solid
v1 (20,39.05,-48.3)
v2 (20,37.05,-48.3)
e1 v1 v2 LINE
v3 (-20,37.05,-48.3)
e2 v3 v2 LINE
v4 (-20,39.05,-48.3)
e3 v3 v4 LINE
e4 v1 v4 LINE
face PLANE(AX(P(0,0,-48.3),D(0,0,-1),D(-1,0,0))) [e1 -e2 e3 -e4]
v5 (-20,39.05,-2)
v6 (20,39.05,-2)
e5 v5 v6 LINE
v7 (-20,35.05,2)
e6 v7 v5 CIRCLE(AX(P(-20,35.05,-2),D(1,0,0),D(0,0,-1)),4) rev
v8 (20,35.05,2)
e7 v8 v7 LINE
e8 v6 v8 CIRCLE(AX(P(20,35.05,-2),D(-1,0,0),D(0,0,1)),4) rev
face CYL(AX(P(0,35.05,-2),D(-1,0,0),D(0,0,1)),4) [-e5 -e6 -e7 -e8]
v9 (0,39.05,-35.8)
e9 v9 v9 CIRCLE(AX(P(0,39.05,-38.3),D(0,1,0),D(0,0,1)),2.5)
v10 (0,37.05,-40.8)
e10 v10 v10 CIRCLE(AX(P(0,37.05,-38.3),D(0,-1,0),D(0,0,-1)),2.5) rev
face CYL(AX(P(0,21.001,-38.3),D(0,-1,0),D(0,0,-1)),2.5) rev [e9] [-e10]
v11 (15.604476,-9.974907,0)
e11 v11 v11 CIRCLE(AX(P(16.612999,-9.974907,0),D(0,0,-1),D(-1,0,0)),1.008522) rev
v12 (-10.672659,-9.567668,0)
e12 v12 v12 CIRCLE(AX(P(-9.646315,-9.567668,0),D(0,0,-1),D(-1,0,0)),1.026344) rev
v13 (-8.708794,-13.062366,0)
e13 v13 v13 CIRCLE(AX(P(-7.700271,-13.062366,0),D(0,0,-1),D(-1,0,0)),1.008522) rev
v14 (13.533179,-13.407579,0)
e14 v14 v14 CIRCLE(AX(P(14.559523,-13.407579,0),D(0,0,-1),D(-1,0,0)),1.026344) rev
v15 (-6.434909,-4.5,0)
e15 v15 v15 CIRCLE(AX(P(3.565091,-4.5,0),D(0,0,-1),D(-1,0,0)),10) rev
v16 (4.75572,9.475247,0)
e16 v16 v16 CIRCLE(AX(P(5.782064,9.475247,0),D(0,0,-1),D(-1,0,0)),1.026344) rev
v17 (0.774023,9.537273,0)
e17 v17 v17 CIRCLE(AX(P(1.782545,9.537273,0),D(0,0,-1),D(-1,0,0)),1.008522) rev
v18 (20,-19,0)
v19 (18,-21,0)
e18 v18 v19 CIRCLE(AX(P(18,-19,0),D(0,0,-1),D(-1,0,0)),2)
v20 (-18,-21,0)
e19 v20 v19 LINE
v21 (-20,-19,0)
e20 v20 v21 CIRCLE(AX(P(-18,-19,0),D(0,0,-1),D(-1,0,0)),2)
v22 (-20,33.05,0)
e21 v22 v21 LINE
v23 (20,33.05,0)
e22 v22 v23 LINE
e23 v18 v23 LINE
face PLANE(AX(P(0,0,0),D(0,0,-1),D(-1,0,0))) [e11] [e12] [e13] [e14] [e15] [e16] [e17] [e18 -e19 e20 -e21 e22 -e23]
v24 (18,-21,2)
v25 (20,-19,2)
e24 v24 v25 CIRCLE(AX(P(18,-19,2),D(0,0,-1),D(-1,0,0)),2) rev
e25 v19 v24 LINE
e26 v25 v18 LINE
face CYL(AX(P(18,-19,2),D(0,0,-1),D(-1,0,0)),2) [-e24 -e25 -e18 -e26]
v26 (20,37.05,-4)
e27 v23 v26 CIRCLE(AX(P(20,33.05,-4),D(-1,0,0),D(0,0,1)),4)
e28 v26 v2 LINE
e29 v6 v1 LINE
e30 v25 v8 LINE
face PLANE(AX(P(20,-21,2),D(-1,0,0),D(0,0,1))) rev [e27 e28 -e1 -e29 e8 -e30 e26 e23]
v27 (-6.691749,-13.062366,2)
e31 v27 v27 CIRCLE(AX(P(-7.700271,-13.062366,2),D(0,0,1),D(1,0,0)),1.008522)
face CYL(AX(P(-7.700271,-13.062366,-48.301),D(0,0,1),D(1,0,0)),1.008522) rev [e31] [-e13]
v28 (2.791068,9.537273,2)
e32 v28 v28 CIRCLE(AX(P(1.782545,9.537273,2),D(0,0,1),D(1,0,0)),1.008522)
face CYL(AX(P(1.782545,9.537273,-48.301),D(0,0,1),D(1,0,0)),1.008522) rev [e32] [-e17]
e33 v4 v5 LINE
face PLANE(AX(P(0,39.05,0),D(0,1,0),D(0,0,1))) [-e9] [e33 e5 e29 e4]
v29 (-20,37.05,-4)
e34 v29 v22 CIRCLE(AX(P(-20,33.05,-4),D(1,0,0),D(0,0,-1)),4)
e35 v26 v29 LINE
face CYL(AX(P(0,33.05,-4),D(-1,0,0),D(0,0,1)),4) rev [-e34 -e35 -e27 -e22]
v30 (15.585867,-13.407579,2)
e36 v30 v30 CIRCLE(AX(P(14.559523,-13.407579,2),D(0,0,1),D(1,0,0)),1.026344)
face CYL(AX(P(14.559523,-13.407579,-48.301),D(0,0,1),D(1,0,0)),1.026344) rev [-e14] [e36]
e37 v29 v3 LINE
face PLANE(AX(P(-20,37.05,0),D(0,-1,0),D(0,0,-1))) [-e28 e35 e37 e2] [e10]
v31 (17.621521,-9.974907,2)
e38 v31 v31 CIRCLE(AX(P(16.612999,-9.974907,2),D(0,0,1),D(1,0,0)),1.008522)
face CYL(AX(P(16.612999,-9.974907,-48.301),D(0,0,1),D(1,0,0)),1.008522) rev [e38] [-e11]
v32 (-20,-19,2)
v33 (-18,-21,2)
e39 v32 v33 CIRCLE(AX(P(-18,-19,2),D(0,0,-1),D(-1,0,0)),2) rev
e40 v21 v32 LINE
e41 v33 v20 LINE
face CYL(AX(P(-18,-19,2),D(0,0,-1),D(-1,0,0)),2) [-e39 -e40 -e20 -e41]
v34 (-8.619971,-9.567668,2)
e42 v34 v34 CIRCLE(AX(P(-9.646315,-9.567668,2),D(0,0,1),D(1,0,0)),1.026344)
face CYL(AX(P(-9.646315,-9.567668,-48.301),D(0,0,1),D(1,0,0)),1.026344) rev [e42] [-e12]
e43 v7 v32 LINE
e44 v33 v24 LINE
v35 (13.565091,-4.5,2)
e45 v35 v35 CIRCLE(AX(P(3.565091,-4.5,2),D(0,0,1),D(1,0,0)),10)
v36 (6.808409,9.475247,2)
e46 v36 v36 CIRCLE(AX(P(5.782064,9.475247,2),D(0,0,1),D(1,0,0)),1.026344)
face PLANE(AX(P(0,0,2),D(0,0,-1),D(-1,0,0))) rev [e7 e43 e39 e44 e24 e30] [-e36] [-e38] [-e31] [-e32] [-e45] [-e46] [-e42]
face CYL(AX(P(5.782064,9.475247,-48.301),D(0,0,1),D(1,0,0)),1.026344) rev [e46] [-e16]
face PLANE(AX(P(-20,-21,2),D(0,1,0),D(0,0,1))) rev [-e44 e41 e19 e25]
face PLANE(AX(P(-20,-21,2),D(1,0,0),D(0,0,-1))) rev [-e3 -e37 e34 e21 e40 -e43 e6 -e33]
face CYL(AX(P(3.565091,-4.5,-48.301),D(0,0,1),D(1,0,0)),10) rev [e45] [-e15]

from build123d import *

# Parameters (mm, degrees)
SKETCH1_W           = 40
SKETCH1_H           = 42
BOSS_EXTRUDE1_DEPTH = 2
SKETCH3_W           = 40
SKETCH3_H           = 2
BOSS_EXTRUDE2_DEPTH = 48.3
FILLET1_R           = 2
FILLET2_R           = 2
CUT_EXTRUDE5_REACH  = 52.3
SKETCH7_R           = 1.008522139
SKETCH7_R_2         = 1.026344308
SKETCH7_R_3         = 1.008522138
SKETCH7_R_4         = 10
CUT_EXTRUDE6_REACH  = 4
SKETCH4_R           = 2.5
SKETCH8_W           = 40
SKETCH8_H           = 50.3
SKETCH8_R           = 2.5
BOSS_EXTRUDE3_DEPTH = 18.05
SKETCH10_W          = 40
SKETCH10_H          = 6.748630519
BOSS_EXTRUDE5_DEPTH = 17.05
SKETCH11_W          = 40
SKETCH11_H          = 46.3
CUT_EXTRUDE7_DEPTH  = 18.05
SKETCH12_W          = 40
SKETCH12_H          = 2
CUT_EXTRUDE8_DEPTH  = 22.05
SKETCH13_W          = 2
SKETCH13_H          = 2
BOSS_EXTRUDE6_DEPTH = 40
FILLET3_R           = 4
FILLET4_R           = 4


with BuildPart() as part:
    # Sketch1 → Boss-Extrude1 (new body)
    with BuildSketch(Plane.XY):
        Rectangle(SKETCH1_W, SKETCH1_H)
    extrude(amount=BOSS_EXTRUDE1_DEPTH)

    # Sketch3 → Boss-Extrude2 (add)
    with BuildSketch(Plane(origin=(0, 0, 0), x_dir=(-1, 0, 0), z_dir=(0, 0, -1))):
        with Locations((0, 20)):
            Rectangle(SKETCH3_W, SKETCH3_H)
    extrude(amount=BOSS_EXTRUDE2_DEPTH)

    # Fillet1
    fillet1_edges = [part.edges().sort_by_distance(p)[0] for p in [
        (0, 19, 0),
        (0, 21, 2),
    ]]
    fillet(fillet1_edges, radius=FILLET1_R)

    # Fillet2
    fillet2_edges = [part.edges().sort_by_distance(p)[0] for p in [
        (20, -21, 1),
        (-20, -21, 1),
    ]]
    fillet(fillet2_edges, radius=FILLET2_R)

    # Sketch7 → Cut-Extrude5 (cut, up to next)
    with BuildSketch(Plane.XY.offset(2), mode=Mode.PRIVATE) as cut_extrude5_sk1:
        with Locations((-7.700271416, -13.062366093)):
            Circle(SKETCH7_R)
    cut_extrude5_tool1 = extrude(cut_extrude5_sk1.sketch, amount=-CUT_EXTRUDE5_REACH, mode=Mode.PRIVATE) & part.part
    add(cut_extrude5_tool1.solids().sort_by_distance((-7.700271, -13.062366, 2))[0], mode=Mode.SUBTRACT)
    # Sketch7 → Cut-Extrude5 (cut, up to next)
    with BuildSketch(Plane.XY.offset(2), mode=Mode.PRIVATE) as cut_extrude5_sk2:
        with Locations((-9.646314877, -9.567667988)):
            Circle(SKETCH7_R_2)
    cut_extrude5_tool2 = extrude(cut_extrude5_sk2.sketch, amount=-CUT_EXTRUDE5_REACH, mode=Mode.PRIVATE) & part.part
    add(cut_extrude5_tool2.solids().sort_by_distance((-9.646315, -9.567668, 2))[0], mode=Mode.SUBTRACT)
    # Sketch7 → Cut-Extrude5 (cut, up to next)
    with BuildSketch(Plane.XY.offset(2), mode=Mode.PRIVATE) as cut_extrude5_sk3:
        with Locations((1.782545423, 9.537272948)):
            Circle(SKETCH7_R_3)
    cut_extrude5_tool3 = extrude(cut_extrude5_sk3.sketch, amount=-CUT_EXTRUDE5_REACH, mode=Mode.PRIVATE) & part.part
    add(cut_extrude5_tool3.solids().sort_by_distance((1.782545, 9.537273, 2))[0], mode=Mode.SUBTRACT)
    # Sketch7 → Cut-Extrude5 (cut, up to next)
    with BuildSketch(Plane.XY.offset(2), mode=Mode.PRIVATE) as cut_extrude5_sk4:
        with Locations((5.782064491, 9.475246969)):
            Circle(SKETCH7_R_2)
    cut_extrude5_tool4 = extrude(cut_extrude5_sk4.sketch, amount=-CUT_EXTRUDE5_REACH, mode=Mode.PRIVATE) & part.part
    add(cut_extrude5_tool4.solids().sort_by_distance((5.782064, 9.475247, 2))[0], mode=Mode.SUBTRACT)
    # Sketch7 → Cut-Extrude5 (cut, up to next)
    with BuildSketch(Plane.XY.offset(2), mode=Mode.PRIVATE) as cut_extrude5_sk5:
        with Locations((3.565090845, -4.5)):
            Circle(SKETCH7_R_4)
    cut_extrude5_tool5 = extrude(cut_extrude5_sk5.sketch, amount=-CUT_EXTRUDE5_REACH, mode=Mode.PRIVATE) & part.part
    add(cut_extrude5_tool5.solids().sort_by_distance((3.565091, -4.5, 2))[0], mode=Mode.SUBTRACT)
    # Sketch7 → Cut-Extrude5 (cut, up to next)
    with BuildSketch(Plane.XY.offset(2), mode=Mode.PRIVATE) as cut_extrude5_sk6:
        with Locations((16.612998529, -9.974906855)):
            Circle(SKETCH7_R)
    cut_extrude5_tool6 = extrude(cut_extrude5_sk6.sketch, amount=-CUT_EXTRUDE5_REACH, mode=Mode.PRIVATE) & part.part
    add(cut_extrude5_tool6.solids().sort_by_distance((16.612999, -9.974907, 2))[0], mode=Mode.SUBTRACT)
    # Sketch7 → Cut-Extrude5 (cut, up to next)
    with BuildSketch(Plane.XY.offset(2), mode=Mode.PRIVATE) as cut_extrude5_sk7:
        with Locations((14.559522922, -13.407578981)):
            Circle(SKETCH7_R_2)
    cut_extrude5_tool7 = extrude(cut_extrude5_sk7.sketch, amount=-CUT_EXTRUDE5_REACH, mode=Mode.PRIVATE) & part.part
    add(cut_extrude5_tool7.solids().sort_by_distance((14.559523, -13.407579, 2))[0], mode=Mode.SUBTRACT)

    # Sketch4 → Cut-Extrude6 (cut, up to next)
    with BuildSketch(Plane.XZ.offset(-19), mode=Mode.PRIVATE) as cut_extrude6_sk1:
        with Locations((0, -38.3)):
            Circle(SKETCH4_R)
    cut_extrude6_tool1 = extrude(cut_extrude6_sk1.sketch, amount=-CUT_EXTRUDE6_REACH, mode=Mode.PRIVATE) & part.part
    add(cut_extrude6_tool1.solids().sort_by_distance((0, 19, -38.3))[0], mode=Mode.SUBTRACT)

    # Sketch8 → Boss-Extrude3 (add)
    with BuildSketch(Plane(origin=(0, 21, 0), x_dir=(1, 0, 0), z_dir=(0, 1, 0))):
        with Locations((0, 23.15)):
            Rectangle(SKETCH8_W, SKETCH8_H)
        with Locations((0, 38.3)):
            Circle(SKETCH8_R, mode=Mode.SUBTRACT)
    extrude(amount=BOSS_EXTRUDE3_DEPTH)

    # Sketch10 → Boss-Extrude5 (add)
    with BuildSketch(Plane.XY.offset(2)):
        with Locations((0, 22.37431526)):
            Rectangle(SKETCH10_W, SKETCH10_H)
    extrude(amount=-BOSS_EXTRUDE5_DEPTH)

    # Sketch11 → Cut-Extrude7 (cut)
    with BuildSketch(Plane.XZ.offset(-19)):
        with Locations((0, -25.15)):
            Rectangle(SKETCH11_W, SKETCH11_H)
    extrude(amount=-CUT_EXTRUDE7_DEPTH, mode=Mode.SUBTRACT)

    # Sketch12 → Cut-Extrude8 (cut)
    with BuildSketch(Plane(origin=(0, 39.05, 0), x_dir=(1, 0, 0), z_dir=(0, 1, 0))):
        with Locations((0, 1)):
            Rectangle(SKETCH12_W, SKETCH12_H)
    extrude(amount=-CUT_EXTRUDE8_DEPTH, mode=Mode.SUBTRACT)

    # Sketch13 → Boss-Extrude6 (add)
    with BuildSketch(Plane(origin=(20, 0, 0), x_dir=(0, 0, -1), z_dir=(1, 0, 0))):
        with Locations((1, 38.05)):
            Rectangle(SKETCH13_W, SKETCH13_H)
    extrude(amount=-BOSS_EXTRUDE6_DEPTH)

    # Fillet3
    fillet3_edges = [part.edges().sort_by_distance(p)[0] for p in [
        (0, 39.05, 2),
    ]]
    fillet(fillet3_edges, radius=FILLET3_R)

    # Fillet4
    fillet4_edges = [part.edges().sort_by_distance(p)[0] for p in [
        (0, 37.05, 0),
    ]]
    fillet(fillet4_edges, radius=FILLET4_R)


solid = part.part
